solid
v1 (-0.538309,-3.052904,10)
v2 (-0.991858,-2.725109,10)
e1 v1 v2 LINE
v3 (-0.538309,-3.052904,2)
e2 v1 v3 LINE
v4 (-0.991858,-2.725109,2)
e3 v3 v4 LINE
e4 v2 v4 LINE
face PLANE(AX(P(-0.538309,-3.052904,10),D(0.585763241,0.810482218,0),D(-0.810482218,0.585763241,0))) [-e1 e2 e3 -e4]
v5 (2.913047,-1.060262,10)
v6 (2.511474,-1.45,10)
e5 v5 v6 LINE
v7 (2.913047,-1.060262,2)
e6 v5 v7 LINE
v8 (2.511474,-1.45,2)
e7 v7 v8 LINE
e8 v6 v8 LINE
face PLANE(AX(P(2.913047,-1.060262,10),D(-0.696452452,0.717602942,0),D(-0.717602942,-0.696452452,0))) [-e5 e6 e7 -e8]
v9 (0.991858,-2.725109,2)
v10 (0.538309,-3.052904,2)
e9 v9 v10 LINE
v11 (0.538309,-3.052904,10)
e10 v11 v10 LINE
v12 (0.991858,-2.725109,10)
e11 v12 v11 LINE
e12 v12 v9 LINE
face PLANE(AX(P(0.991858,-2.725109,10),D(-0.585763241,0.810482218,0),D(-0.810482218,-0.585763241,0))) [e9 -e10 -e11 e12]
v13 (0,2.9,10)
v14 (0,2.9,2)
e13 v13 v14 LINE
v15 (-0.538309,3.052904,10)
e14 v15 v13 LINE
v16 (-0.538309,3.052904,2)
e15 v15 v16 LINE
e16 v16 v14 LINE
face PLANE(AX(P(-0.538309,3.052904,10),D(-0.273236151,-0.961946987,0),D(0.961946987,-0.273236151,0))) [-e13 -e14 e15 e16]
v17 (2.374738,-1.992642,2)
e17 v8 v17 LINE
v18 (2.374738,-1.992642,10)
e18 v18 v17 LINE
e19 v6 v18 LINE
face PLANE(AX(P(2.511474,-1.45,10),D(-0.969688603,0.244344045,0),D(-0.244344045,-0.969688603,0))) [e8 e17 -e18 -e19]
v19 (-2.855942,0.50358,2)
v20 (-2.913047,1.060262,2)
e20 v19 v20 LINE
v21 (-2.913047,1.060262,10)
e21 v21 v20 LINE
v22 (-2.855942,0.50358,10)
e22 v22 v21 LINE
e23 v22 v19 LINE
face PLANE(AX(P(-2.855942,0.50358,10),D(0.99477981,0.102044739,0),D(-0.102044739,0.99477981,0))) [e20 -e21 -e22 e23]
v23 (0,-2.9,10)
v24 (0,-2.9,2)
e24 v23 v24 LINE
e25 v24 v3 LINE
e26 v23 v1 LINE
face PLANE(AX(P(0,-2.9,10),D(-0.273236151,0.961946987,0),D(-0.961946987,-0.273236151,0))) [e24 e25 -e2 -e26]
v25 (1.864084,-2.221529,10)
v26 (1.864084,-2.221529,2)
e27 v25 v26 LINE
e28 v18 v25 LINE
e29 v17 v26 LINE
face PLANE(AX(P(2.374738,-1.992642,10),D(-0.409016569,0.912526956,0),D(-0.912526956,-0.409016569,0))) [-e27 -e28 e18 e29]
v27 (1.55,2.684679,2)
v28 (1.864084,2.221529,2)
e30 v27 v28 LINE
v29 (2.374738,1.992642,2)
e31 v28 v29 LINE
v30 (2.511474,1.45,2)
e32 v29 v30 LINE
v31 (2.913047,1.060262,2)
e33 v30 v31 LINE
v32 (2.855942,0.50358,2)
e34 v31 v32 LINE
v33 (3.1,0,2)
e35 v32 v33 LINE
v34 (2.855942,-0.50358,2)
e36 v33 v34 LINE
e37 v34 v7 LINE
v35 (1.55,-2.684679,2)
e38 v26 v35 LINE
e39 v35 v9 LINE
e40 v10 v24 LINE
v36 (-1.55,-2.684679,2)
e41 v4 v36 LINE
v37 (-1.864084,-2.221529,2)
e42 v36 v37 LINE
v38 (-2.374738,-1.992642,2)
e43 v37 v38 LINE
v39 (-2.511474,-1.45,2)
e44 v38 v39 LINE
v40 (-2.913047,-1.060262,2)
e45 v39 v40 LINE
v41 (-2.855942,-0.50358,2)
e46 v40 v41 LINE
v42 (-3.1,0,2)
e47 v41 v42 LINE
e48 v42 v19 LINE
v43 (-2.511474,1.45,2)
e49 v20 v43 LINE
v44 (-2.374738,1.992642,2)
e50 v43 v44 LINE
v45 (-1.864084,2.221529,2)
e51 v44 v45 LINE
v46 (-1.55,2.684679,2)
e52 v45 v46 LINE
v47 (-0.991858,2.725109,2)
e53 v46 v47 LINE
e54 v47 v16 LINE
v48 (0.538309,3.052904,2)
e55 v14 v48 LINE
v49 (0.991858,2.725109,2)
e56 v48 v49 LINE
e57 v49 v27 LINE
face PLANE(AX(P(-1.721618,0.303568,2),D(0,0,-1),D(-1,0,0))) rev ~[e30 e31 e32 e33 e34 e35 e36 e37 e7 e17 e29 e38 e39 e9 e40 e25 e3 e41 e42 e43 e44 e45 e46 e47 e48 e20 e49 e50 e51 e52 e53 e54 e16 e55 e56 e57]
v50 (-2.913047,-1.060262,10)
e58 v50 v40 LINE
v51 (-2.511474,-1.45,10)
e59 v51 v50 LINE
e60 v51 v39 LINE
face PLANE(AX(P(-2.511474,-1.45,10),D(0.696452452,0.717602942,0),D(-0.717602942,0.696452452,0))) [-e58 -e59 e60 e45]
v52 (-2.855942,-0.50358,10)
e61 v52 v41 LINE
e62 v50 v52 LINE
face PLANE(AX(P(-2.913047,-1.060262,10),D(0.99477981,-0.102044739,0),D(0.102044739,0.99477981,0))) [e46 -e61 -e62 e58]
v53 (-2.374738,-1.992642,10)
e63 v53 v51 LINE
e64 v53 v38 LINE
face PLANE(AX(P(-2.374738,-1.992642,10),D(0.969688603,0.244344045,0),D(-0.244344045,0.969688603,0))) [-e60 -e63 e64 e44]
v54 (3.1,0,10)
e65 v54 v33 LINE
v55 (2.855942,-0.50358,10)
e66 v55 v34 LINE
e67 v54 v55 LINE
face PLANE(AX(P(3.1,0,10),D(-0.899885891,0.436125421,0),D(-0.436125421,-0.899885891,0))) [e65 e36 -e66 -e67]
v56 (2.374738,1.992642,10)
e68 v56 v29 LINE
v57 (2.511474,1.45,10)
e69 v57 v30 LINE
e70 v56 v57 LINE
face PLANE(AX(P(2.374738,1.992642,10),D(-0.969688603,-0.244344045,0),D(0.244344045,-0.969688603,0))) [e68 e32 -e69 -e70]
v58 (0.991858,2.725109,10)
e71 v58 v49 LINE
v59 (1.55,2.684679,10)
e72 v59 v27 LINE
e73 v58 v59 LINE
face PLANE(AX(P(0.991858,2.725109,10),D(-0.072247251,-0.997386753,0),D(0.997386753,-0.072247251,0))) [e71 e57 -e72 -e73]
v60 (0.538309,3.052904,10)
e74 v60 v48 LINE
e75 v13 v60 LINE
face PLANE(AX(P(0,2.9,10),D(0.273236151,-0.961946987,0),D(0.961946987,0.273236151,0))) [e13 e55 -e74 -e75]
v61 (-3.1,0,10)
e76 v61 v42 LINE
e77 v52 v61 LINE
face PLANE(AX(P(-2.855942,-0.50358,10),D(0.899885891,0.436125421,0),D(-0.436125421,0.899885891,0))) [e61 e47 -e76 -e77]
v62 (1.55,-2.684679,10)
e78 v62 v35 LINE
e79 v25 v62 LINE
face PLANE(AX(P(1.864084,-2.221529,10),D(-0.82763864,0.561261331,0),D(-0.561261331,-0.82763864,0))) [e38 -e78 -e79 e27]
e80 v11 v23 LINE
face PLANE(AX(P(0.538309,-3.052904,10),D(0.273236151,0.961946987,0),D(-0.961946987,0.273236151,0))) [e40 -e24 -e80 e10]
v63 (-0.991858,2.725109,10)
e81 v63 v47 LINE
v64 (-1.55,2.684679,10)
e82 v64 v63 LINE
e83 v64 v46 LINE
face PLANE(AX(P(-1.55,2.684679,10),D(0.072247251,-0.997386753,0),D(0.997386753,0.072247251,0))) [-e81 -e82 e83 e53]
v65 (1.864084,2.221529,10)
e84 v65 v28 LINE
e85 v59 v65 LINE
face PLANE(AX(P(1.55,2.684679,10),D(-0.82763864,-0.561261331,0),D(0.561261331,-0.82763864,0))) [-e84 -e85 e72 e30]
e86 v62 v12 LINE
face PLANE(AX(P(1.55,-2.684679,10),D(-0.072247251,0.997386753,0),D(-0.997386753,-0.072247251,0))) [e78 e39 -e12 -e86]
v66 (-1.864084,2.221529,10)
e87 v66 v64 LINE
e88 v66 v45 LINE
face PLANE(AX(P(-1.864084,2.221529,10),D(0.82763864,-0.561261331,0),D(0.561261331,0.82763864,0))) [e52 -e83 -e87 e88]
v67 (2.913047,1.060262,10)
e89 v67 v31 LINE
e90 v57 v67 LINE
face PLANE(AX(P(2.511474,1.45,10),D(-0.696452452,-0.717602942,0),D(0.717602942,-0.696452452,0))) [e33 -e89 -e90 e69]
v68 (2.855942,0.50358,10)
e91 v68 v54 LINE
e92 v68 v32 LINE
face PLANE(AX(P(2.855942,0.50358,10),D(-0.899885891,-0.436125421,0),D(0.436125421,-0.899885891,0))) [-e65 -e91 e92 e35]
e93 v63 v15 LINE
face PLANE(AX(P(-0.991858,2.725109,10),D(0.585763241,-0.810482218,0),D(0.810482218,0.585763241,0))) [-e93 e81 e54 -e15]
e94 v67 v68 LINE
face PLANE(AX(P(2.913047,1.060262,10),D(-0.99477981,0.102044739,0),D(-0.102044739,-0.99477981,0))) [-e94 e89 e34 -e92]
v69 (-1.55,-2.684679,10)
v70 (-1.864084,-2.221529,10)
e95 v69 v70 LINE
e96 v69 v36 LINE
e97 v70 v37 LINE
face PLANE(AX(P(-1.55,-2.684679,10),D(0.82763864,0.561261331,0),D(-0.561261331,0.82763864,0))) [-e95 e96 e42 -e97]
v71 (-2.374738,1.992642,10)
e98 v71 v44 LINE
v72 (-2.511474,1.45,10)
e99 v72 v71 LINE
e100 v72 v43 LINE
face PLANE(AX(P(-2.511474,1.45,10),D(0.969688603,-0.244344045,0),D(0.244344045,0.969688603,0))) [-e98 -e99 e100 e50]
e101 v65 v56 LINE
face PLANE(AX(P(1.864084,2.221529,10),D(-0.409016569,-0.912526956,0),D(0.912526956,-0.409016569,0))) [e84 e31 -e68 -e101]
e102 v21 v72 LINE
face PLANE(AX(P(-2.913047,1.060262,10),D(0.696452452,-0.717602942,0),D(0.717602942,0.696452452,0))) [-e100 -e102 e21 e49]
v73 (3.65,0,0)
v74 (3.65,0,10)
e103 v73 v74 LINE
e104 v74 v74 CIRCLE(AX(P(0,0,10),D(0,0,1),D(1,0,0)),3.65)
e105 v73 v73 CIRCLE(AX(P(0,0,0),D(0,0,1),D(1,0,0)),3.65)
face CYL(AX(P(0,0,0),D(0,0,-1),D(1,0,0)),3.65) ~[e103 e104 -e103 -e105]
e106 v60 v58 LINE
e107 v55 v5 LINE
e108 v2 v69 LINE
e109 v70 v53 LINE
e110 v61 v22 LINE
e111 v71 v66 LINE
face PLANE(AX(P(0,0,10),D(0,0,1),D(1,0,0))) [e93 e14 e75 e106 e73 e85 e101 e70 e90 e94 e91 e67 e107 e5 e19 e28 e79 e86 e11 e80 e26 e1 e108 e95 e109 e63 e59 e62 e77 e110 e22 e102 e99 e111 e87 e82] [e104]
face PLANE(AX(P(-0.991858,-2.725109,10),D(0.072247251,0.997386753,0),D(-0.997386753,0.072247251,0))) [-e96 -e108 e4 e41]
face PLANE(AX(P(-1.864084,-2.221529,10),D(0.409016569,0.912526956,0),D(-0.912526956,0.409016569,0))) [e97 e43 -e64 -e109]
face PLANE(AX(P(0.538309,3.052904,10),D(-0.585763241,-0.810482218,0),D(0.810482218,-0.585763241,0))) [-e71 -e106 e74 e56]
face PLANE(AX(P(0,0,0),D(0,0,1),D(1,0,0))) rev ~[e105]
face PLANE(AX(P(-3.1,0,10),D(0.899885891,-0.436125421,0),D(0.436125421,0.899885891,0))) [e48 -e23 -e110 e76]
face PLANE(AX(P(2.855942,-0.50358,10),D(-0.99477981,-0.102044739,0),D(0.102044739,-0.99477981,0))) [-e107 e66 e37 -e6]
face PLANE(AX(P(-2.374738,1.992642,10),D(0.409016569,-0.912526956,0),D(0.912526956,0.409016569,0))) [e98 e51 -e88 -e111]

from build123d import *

# Parameters (mm, degrees)
SKETCH_R           = 3.65
PAD_DEPTH          = 10
POCKET_DEPTH       = 8
POLARPATTERN_COUNT = 18


with BuildPart() as part:
    # Sketch → Pad (new body)
    with BuildSketch(Plane.XY):
        Circle(SKETCH_R)
    extrude(amount=PAD_DEPTH)

    # Sketch001 (on Face3 of Pad) → Pocket (cut)
    with BuildSketch(Plane.XY.offset(10)):
        Polygon((-2.9130471244, 1.0602624443), (0, 0), (-3.1, 0), (-2.8559424837, 0.5035797152), align=None)
    pocket = extrude(amount=-POCKET_DEPTH, mode=Mode.SUBTRACT)

    # PolarPattern: Pocket ×18 about axis
    polarpattern_axis = Axis((0, 0, 10), (0, 0, 1))
    for i in range(1, POLARPATTERN_COUNT):
        add(pocket.rotate(polarpattern_axis, i * 360 / POLARPATTERN_COUNT), mode=Mode.SUBTRACT)


solid = part.part
